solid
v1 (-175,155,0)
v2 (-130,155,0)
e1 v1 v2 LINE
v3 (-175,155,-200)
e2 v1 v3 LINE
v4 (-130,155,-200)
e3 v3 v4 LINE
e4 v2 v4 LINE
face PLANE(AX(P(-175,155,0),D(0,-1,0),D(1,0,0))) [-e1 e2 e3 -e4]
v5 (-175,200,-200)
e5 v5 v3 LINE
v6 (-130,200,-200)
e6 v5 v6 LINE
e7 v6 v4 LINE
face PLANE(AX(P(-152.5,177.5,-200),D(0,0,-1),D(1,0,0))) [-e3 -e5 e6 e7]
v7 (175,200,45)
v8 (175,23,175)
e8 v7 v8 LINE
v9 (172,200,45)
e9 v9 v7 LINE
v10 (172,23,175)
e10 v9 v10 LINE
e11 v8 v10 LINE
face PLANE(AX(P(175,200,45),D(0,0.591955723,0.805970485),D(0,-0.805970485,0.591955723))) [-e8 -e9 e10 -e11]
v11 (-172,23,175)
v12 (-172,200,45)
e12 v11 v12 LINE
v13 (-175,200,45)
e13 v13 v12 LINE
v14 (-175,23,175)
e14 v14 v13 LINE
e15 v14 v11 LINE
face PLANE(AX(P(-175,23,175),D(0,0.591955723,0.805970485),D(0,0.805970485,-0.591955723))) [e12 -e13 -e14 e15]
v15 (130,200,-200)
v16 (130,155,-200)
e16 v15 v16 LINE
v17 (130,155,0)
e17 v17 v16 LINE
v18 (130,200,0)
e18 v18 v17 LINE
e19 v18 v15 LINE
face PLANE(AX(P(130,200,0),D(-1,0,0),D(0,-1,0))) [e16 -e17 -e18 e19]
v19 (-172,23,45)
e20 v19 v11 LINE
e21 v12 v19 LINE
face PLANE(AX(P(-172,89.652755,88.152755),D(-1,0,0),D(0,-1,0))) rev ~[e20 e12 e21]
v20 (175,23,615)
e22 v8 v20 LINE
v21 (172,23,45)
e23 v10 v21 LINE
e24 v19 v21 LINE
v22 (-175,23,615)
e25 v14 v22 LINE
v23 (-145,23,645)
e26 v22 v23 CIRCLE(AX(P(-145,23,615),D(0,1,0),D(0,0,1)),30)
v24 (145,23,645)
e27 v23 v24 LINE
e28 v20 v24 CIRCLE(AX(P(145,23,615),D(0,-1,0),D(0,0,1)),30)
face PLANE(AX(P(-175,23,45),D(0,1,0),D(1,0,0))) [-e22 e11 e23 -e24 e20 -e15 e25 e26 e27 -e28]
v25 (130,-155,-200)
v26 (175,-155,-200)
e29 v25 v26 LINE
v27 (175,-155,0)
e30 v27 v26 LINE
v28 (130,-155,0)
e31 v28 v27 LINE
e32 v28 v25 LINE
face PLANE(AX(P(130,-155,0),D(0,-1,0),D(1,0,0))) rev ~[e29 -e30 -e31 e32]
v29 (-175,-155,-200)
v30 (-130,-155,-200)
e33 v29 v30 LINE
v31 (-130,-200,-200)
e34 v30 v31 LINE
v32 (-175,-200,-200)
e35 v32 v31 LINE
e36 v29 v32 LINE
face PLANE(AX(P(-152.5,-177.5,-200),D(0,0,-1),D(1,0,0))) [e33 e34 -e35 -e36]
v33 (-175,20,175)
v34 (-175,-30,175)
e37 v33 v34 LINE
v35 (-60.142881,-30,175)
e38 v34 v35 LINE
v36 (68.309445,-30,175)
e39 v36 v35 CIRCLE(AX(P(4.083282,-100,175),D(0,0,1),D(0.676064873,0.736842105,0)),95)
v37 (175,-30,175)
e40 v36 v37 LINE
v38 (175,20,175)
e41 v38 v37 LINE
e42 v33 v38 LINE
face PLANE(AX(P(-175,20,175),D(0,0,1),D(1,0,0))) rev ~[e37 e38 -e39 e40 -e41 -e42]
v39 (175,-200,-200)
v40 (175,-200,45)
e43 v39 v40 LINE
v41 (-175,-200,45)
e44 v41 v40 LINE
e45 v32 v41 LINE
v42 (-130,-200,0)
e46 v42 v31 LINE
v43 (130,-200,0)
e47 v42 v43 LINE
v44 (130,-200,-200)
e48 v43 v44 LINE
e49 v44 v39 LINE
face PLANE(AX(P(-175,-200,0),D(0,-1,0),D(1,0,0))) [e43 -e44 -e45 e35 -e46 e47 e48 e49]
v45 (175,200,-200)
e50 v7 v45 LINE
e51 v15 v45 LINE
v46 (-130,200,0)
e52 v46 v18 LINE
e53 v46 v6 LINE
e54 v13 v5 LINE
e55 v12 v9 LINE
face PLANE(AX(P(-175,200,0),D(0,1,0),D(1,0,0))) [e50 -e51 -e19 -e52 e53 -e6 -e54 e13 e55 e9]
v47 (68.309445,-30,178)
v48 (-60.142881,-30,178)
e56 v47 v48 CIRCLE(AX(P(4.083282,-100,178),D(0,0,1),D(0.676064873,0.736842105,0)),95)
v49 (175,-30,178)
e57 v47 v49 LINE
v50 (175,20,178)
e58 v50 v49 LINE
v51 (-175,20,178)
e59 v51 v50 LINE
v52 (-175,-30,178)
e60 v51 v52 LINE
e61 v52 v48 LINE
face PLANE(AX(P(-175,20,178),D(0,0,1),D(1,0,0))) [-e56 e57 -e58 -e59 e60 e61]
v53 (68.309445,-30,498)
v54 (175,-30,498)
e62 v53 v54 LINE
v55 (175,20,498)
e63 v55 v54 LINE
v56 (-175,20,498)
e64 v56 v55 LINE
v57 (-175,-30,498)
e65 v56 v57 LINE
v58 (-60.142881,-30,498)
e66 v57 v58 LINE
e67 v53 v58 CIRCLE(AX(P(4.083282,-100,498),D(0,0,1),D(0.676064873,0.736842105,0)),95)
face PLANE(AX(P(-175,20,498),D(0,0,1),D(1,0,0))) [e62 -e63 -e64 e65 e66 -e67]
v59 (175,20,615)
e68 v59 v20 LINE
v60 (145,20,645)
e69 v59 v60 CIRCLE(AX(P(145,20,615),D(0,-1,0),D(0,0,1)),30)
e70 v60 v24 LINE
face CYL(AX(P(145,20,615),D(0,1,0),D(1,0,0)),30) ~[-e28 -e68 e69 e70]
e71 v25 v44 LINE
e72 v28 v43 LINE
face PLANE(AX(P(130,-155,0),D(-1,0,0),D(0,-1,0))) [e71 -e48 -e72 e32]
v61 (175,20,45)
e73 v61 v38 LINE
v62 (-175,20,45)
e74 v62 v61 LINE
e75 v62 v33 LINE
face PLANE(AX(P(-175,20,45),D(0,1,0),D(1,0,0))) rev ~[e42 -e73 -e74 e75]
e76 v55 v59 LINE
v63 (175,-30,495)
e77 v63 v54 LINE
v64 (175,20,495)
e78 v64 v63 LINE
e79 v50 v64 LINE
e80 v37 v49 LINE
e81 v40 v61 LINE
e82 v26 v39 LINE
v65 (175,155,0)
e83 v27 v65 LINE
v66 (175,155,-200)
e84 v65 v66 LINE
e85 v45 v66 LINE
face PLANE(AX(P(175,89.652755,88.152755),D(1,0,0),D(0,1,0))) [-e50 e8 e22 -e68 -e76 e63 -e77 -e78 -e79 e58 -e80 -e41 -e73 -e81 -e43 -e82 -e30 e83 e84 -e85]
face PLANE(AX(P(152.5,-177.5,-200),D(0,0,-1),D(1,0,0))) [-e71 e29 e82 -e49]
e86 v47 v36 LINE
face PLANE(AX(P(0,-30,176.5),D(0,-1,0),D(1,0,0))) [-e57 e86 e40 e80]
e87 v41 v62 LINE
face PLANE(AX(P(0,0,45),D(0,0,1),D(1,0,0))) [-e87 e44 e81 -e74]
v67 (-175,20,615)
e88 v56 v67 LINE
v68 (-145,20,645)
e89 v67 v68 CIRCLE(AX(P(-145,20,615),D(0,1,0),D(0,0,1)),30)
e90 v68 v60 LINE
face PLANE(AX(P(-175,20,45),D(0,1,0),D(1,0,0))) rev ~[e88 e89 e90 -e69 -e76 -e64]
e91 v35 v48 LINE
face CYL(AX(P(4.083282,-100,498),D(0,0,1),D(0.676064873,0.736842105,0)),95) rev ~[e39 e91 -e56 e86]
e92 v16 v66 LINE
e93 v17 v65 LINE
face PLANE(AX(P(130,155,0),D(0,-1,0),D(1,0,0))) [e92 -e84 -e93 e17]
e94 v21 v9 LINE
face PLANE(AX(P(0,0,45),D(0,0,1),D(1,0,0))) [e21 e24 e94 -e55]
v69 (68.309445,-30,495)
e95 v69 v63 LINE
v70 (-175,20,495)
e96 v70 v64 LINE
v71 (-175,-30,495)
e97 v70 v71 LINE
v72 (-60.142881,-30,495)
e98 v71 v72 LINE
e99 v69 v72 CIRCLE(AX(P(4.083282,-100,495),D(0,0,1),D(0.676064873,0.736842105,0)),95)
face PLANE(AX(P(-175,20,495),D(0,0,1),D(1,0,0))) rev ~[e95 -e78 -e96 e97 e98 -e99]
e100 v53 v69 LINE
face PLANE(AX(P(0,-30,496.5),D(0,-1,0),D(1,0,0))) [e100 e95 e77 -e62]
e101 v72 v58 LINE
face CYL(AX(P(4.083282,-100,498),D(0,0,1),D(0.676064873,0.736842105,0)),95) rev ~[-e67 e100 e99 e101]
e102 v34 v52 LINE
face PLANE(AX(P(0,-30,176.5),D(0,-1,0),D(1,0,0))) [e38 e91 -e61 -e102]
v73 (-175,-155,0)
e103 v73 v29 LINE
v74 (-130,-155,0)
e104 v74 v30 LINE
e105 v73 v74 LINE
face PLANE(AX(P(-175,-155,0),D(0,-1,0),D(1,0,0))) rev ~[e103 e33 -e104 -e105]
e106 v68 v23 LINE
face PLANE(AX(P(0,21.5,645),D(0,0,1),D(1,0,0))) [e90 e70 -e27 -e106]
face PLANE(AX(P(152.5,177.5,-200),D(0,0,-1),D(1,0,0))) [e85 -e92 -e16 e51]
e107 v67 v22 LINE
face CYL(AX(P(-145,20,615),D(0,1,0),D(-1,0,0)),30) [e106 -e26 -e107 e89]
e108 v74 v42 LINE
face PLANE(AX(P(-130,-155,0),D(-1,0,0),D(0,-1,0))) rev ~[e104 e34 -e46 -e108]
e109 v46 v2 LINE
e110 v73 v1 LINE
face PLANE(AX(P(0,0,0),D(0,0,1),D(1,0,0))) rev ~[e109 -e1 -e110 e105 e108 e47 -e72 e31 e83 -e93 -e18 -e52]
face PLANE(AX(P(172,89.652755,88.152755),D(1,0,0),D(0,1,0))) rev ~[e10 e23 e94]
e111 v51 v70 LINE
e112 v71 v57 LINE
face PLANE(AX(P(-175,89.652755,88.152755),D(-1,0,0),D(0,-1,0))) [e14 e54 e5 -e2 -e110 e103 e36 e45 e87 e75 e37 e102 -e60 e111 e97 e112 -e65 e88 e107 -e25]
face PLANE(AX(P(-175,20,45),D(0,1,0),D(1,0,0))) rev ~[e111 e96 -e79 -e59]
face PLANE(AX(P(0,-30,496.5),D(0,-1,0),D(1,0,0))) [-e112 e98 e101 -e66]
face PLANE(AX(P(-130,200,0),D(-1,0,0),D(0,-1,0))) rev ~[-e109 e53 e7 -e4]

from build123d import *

# Parameters (mm, degrees)
F0_W      = 350
F0_H      = 400
F1_DEPTH  = 45
F2_W      = 45
F2_H      = 45
F3_DEPTH  = 200
F4_W      = 350
F4_H      = 3
F5_DEPTH  = 600
F6_R      = 30
F8_DEPTH  = 3
F10_DEPTH = 3
F11_W     = 350
F11_H     = 3
F12_DEPTH = 50
F14_DEPTH = 350


with BuildPart() as f1:
    # F0 (on Top) → F1 (new body)
    with BuildSketch(Plane.XY):
        Rectangle(F0_W, F0_H)
    extrude(amount=F1_DEPTH)

    # F2 (on face) → F3 (join)
    with BuildSketch(Plane(origin=(0, 0, 0), x_dir=(1, 0, 0), z_dir=(0, 0, -1))):
        with Locations((-152.5, 177.5)):
            Rectangle(F2_W, F2_H)
        with Locations((152.5, 177.5)):
            Rectangle(F2_W, F2_H)
        with Locations((-152.5, -177.5)):
            Rectangle(F2_W, F2_H)
        with Locations((152.5, -177.5)):
            Rectangle(F2_W, F2_H)
    extrude(amount=F3_DEPTH)

    # F4 (on face) → F5 (join)
    with BuildSketch(Plane.XY.offset(45)):
        with Locations((0, 21.5)):
            Rectangle(F4_W, F4_H)
    extrude(amount=F5_DEPTH)

    # F6
    f6_edges = [f1.edges().sort_by_distance(p)[0] for p in [
        (-175, 21.5, 645),
        (175, 21.5, 645),
    ]]
    fillet(f6_edges, radius=F6_R)

    # F7 (on face) → F8 (join)
    with BuildSketch(Plane.YZ.offset(175)):
        Polygon((23, 45), (200, 45), (23, 175), align=None)
    extrude(amount=-F8_DEPTH)

    # F9 (on face) → F10 (join)
    with BuildSketch(Plane(origin=(-175, 0, 0), x_dir=(0, -1, 0), z_dir=(-1, 0, 0))):
        Polygon((-23, 175), (-200, 45), (-23, 45), align=None)
    extrude(amount=-F10_DEPTH)

    # F11 (on face) → F12 (join)
    with BuildSketch(Plane.XZ.offset(-20)):
        with Locations((0, 176.5)):
            Rectangle(F11_W, F11_H)
        with Locations((0, 496.5)):
            Rectangle(F11_W, F11_H)
    extrude(amount=F12_DEPTH)

    # F13 (on face) → F14 (cut)
    with BuildSketch(Plane.XY.offset(498)):
        with BuildLine():
            ThreePointArc((-60.1428805791, -30), (-34.1496519515, -186.9669059898), (99.0832823142, -100))
            ThreePointArc((99.0832823142, -100), (91.050188304, -61.7670657343), (68.3094452076, -30))
            Line((68.3094452076, -30), (-60.1428805791, -30))
        make_face()
        with BuildLine():
            Line((-60.1428805791, -30), (68.3094452076, -30))
            ThreePointArc((68.3094452076, -30), (4.0832823142, -5), (-60.1428805791, -30))
        make_face()
    extrude(amount=-F14_DEPTH, mode=Mode.SUBTRACT)


solid = f1.part
